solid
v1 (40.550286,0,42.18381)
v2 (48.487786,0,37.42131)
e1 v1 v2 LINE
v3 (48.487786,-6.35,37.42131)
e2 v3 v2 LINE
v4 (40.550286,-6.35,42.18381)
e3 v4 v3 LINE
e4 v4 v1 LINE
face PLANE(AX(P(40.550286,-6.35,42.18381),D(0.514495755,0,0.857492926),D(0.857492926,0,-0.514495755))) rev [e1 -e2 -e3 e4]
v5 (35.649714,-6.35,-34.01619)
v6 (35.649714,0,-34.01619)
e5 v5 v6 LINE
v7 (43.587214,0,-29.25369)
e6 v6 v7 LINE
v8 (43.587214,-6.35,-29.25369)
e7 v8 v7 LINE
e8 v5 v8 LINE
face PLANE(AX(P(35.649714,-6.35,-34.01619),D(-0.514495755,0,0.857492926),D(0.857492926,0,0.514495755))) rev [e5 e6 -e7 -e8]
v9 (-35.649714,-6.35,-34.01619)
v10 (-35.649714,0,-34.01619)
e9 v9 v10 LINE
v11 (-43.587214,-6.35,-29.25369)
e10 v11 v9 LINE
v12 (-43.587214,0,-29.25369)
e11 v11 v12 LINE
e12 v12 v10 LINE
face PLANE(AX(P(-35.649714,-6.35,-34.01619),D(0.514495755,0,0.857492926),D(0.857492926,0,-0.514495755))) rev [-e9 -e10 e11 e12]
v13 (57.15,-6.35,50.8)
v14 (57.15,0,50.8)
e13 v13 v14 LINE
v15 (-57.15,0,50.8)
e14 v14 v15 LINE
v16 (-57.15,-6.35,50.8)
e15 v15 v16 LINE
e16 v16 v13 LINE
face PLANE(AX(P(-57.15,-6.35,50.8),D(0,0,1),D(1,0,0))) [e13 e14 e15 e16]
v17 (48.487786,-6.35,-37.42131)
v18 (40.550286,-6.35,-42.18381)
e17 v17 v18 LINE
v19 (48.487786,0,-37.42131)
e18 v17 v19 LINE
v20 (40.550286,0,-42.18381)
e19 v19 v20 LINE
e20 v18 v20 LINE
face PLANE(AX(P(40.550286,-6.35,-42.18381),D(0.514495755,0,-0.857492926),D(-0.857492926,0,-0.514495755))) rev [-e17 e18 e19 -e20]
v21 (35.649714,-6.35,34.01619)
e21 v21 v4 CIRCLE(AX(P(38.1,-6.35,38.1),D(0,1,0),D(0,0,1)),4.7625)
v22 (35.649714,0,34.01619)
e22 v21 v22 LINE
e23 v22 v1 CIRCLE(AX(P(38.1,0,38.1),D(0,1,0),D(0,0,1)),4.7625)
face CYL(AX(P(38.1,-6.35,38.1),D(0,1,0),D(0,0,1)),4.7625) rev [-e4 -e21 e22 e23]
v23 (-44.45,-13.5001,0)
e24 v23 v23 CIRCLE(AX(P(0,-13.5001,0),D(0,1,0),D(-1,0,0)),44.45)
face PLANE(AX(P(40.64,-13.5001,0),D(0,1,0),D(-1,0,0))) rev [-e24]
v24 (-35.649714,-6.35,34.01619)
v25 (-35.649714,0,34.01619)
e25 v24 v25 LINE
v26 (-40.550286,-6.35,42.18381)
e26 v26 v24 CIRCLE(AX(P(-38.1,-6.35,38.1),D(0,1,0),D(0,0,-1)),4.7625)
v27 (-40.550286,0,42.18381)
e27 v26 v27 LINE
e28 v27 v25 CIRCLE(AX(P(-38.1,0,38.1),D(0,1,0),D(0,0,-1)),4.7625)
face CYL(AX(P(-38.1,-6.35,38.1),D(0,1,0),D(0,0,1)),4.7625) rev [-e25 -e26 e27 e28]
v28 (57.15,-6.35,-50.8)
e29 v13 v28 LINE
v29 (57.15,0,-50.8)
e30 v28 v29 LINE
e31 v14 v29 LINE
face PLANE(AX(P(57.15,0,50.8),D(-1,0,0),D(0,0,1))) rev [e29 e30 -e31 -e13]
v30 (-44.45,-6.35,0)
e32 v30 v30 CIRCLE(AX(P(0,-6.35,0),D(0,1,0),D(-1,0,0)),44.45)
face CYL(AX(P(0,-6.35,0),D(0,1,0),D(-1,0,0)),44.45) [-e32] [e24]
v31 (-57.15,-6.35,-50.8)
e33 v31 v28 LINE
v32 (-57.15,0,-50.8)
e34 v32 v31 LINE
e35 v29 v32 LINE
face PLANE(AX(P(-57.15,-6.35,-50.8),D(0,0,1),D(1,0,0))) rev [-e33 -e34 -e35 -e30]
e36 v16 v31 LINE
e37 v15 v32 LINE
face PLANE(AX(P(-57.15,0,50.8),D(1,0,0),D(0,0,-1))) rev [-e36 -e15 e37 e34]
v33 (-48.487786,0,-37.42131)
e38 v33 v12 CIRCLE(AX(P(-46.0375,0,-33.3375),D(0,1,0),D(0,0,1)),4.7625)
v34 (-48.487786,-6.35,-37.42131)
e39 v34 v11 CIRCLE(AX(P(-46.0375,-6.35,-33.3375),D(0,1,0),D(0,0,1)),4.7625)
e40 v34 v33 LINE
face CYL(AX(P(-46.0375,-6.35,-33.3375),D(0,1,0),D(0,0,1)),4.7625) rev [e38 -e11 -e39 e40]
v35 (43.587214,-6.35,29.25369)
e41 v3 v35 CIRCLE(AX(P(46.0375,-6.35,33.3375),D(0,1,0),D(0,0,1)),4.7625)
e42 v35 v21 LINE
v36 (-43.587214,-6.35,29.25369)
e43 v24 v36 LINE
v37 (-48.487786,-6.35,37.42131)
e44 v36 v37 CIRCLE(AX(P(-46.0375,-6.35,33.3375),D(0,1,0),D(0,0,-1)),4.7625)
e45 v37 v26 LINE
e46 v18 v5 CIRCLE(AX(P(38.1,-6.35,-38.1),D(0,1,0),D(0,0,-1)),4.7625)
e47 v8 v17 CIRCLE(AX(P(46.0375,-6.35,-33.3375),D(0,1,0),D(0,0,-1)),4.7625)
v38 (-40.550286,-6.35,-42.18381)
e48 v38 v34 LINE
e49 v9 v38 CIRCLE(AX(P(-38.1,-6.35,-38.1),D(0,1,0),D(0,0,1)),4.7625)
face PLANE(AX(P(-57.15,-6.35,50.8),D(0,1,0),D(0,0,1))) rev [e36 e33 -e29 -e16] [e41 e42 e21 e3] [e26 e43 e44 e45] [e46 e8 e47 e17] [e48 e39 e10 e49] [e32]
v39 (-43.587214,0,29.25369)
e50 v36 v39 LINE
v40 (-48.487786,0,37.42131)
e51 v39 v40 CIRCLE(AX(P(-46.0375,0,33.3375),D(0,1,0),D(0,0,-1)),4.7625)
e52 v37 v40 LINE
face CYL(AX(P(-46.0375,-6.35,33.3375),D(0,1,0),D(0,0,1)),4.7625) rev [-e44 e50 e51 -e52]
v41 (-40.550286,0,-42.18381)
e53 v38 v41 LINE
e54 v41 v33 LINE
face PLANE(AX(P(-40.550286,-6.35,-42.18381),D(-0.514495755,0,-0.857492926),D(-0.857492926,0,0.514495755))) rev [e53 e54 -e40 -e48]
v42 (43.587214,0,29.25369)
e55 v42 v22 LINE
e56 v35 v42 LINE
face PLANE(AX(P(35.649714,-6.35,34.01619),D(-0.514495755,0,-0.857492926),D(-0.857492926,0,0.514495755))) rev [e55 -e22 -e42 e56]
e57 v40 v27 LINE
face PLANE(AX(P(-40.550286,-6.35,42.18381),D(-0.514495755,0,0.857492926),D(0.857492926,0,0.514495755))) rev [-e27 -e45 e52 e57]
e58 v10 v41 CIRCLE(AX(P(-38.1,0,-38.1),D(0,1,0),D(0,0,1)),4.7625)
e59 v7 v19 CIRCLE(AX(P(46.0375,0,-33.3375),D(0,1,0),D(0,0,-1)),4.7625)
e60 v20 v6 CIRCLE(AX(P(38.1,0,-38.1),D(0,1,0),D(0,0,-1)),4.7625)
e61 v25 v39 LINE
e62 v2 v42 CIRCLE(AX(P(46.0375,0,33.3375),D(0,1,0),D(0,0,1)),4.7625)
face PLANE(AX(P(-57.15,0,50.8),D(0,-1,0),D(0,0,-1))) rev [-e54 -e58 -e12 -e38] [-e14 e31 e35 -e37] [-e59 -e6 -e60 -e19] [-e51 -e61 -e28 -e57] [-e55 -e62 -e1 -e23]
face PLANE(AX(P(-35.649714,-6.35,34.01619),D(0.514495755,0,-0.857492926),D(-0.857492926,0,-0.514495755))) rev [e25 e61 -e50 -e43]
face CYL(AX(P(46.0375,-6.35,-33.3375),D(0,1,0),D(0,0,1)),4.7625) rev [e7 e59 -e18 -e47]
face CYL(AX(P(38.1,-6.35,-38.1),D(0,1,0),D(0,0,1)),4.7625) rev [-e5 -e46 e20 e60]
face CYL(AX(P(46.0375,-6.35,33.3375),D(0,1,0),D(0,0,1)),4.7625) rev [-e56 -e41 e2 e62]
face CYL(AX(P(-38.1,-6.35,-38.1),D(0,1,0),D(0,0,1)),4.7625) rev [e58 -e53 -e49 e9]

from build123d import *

# Parameters (mm, degrees)
SKETCH1_W               = 114.3
SKETCH1_H               = 6.35
BOSS_EXTRUDE1_DEPTH     = 50.8
F_1_2_HOLES_DEPTH       = 77.727342
BOSS_EXTRUDE5_DEPTH     = 6.35
BOSS_EXTRUDE6_DEPTH     = 4.7625
SKETCH15_R              = 3.96875
BOSS_EXTRUDE7_DEPTH     = 2.54
SKETCH16_R              = 6.35
BOSS_EXTRUDE8_DEPTH     = 4.7625
SKETCH7_W               = 200.622007
SKETCH7_H               = 97.79
BOSS_EXTRUDE2_DEPTH     = 225.2599
CUT_EXTRUDE1_DEPTH      = 322.008202
CUT_EXTRUDE1_DEPTH_BACK = 322.008202
CUT_EXTRUDE3_DEPTH      = 230.782863
CUT_EXTRUDE3_DEPTH_BACK = 230.782863
SKETCH9_OUTSIDE_W       = 174.676
SKETCH9_OUTSIDE_H       = 325.489
BOSS_EXTRUDE3_DEPTH     = 7.9375
SKETCH11_OUTSIDE_W      = 1426.344
SKETCH11_OUTSIDE_H      = 1450.156
SKETCH11_OUTSIDE_R      = 11.1125
CUT_EXTRUDE4_DEPTH      = 324.56132
CUT_EXTRUDE4_DRAFT      = -60
SKETCH12_R              = 10.795
BOSS_EXTRUDE4_DEPTH     = 85.09
SKETCH17_R              = 1440.18
CUT_EXTRUDE5_DEPTH      = 1397


with BuildPart() as part:
    # Sketch1 → Boss-Extrude1 (new, symmetric)
    with BuildSketch(Plane.XY):
        with Locations((0, -3.175)):
            Rectangle(SKETCH1_W, SKETCH1_H)
    extrude(amount=BOSS_EXTRUDE1_DEPTH, both=True)

    # Sketch2 → 1-2 holes (cut, through all)
    with BuildSketch(Plane(origin=(0, 0, 0), x_dir=(1, 0, 0), z_dir=(0, 1, 0))):
        with BuildLine():
            Line((-35.649714, 34.01619), (-43.587214, 29.25369))
            ThreePointArc((-43.587214, 29.25369), (-50.12131, 30.887214), (-48.487786, 37.42131))
            Line((-48.487786, 37.42131), (-40.550286, 42.18381))
            ThreePointArc((-40.550286, 42.18381), (-34.01619, 40.550286), (-35.649714, 34.01619))
        make_face()
        with BuildLine():
            Line((-35.649714, -34.01619), (-43.587214, -29.25369))
            ThreePointArc((-43.587214, -29.25369), (-50.12131, -30.887214), (-48.487786, -37.42131))
            Line((-48.487786, -37.42131), (-40.550286, -42.18381))
            ThreePointArc((-40.550286, -42.18381), (-34.01619, -40.550286), (-35.649714, -34.01619))
        make_face()
        with BuildLine():
            Line((35.649714, 34.01619), (43.587214, 29.25369))
            ThreePointArc((43.587214, 29.25369), (50.12131, 30.887214), (48.487786, 37.42131))
            Line((48.487786, 37.42131), (40.550286, 42.18381))
            ThreePointArc((40.550286, 42.18381), (34.01619, 40.550286), (35.649714, 34.01619))
        make_face()
        with BuildLine():
            Line((35.649714, -34.01619), (43.587214, -29.25369))
            ThreePointArc((43.587214, -29.25369), (50.12131, -30.887214), (48.487786, -37.42131))
            Line((48.487786, -37.42131), (40.550286, -42.18381))
            ThreePointArc((40.550286, -42.18381), (34.01619, -40.550286), (35.649714, -34.01619))
        make_face()
    extrude(amount=-F_1_2_HOLES_DEPTH, mode=Mode.SUBTRACT)


with BuildPart() as body_2:
    # Sketch4 → Revolve1 (revolve)
    with BuildSketch(Plane.XY, mode=Mode.PRIVATE) as revolve1_sk:
        Polygon((0, -27.1526), (43.18, -27.1526), (43.18, -16.0401), (40.64, -16.0401), (40.64, -13.5001), (44.45, -13.5001), (44.45, -6.35), (0, -6.35), align=None)
    revolve(revolve1_sk.sketch.rotate(Axis((0, -6.35, 0), (0, -1, 0)), 180), axis=Axis((0, -6.35, 0), (0, -1, 0)))


with BuildPart() as body_3:
    # Sketch6 → Revolve2 (revolve)
    with BuildSketch(Plane(origin=(-69.85, 0, 0), x_dir=(0, 0, -1), z_dir=(1, 0, 0)), mode=Mode.PRIVATE) as revolve2_sk:
        with BuildLine():
            Line((-35.56, -89.8525), (-35.56, -62.143409))
            ThreePointArc((-35.56, -62.143409), (-31.772624, -52.999876), (-22.629091, -49.2125))
            Line((-22.629091, -49.2125), (-19.800455, -49.2125))
            Line((-19.800455, -49.2125), (-19.800455, -51.59375))
            Line((-19.800455, -51.59375), (-14.143182, -51.59375))
            Line((-14.143182, -51.59375), (-14.143182, -49.2125))
            Line((-14.143182, -49.2125), (-8.485909, -49.2125))
            Line((-8.485909, -49.2125), (-8.485909, -51.59375))
            Line((-8.485909, -51.59375), (-2.828636, -51.59375))
            Line((-2.828636, -51.59375), (-2.828636, -49.2125))
            Line((-2.828636, -49.2125), (2.828636, -49.2125))
            Line((2.828636, -49.2125), (2.828636, -51.59375))
            Line((2.828636, -51.59375), (8.485909, -51.59375))
            Line((8.485909, -51.59375), (8.485909, -49.2125))
            Line((8.485909, -49.2125), (14.143182, -49.2125))
            Line((14.143182, -49.2125), (14.143182, -51.59375))
            Line((14.143182, -51.59375), (19.800455, -51.59375))
            Line((19.800455, -51.59375), (19.800455, -49.2125))
            Line((19.800455, -49.2125), (22.629091, -49.2125))
            ThreePointArc((22.629091, -49.2125), (31.772624, -52.999876), (35.56, -62.143409))
            Line((35.56, -62.143409), (35.56, -89.8525))
            Line((35.56, -89.8525), (36.83, -89.8525))
            Line((36.83, -89.8525), (36.83, -92.3925))
            Line((36.83, -92.3925), (33.655, -92.3925))
            ThreePointArc((33.655, -92.3925), (29.164872, -94.252372), (27.305, -98.7425))
            ThreePointArc((27.305, -98.7425), (25.636711, -103.032498), (21.508439, -105.068336))
            Line((21.508439, -105.068336), (5.438281, -106.474293))
            ThreePointArc((5.438281, -106.474293), (3.374144, -107.492212), (2.54, -109.637211))
            Line((2.54, -109.637211), (2.54, -130.175))
            Line((2.54, -130.175), (36.83, -130.175))
            Line((36.83, -130.175), (40.005, -130.175))
            Line((40.005, -130.175), (40.005, -150.8125))
            Line((40.005, -150.8125), (-40.005, -150.8125))
            Line((-40.005, -150.8125), (-40.005, -130.175))
            Line((-40.005, -130.175), (-36.83, -130.175))
            Line((-36.83, -130.175), (-2.54, -130.175))
            Line((-2.54, -130.175), (-2.54, -109.637211))
            ThreePointArc((-2.54, -109.637211), (-3.374144, -107.492212), (-5.438281, -106.474293))
            Line((-5.438281, -106.474293), (-21.508439, -105.068336))
            ThreePointArc((-21.508439, -105.068336), (-25.636711, -103.032498), (-27.305, -98.7425))
            ThreePointArc((-27.305, -98.7425), (-29.164872, -94.252372), (-33.655, -92.3925))
            Line((-33.655, -92.3925), (-36.83, -92.3925))
            Line((-36.83, -92.3925), (-36.83, -89.8525))
            Line((-36.83, -89.8525), (-35.56, -89.8525))
        make_face()
    revolve(revolve2_sk.sketch.rotate(Axis((-69.85, -150.8125, 111.145304), (0, 0, -1)), 90), axis=Axis((-69.85, -150.8125, 111.145304), (0, 0, -1)))

    # Sketch13 → Boss-Extrude5 (add)
    with BuildSketch(Plane.XY.offset(2.54)):
        with BuildLine():
            ThreePointArc((-101.041813, -136.474589), (-98.965326, -121.697174), (-84.187911, -119.620687))
            ThreePointArc((-84.187911, -119.620687), (-69.85, -123.32907), (-55.512089, -119.620687))
            ThreePointArc((-55.512089, -119.620687), (-40.734674, -121.697174), (-38.658187, -136.474589))
            ThreePointArc((-38.658187, -136.474589), (-42.36657, -150.8125), (-38.658187, -165.150411))
            ThreePointArc((-38.658187, -165.150411), (-40.734674, -179.927826), (-55.512089, -182.004313))
            ThreePointArc((-55.512089, -182.004313), (-69.85, -178.29593), (-84.187911, -182.004313))
            ThreePointArc((-84.187911, -182.004313), (-98.965326, -179.927826), (-101.041813, -165.150411))
            ThreePointArc((-101.041813, -165.150411), (-97.33343, -150.8125), (-101.041813, -136.474589))
        make_face()
    extrude(amount=BOSS_EXTRUDE5_DEPTH)

    # Sketch14 → Boss-Extrude6 (add)
    with BuildSketch(Plane.XY.offset(8.89)):
        Polygon((-94.124523, -132.037239), (-89.362023, -129.287608), (-89.362023, -123.788347), (-94.124523, -121.038716), (-98.887023, -123.788347), (-98.887023, -129.287608), align=None)
        Polygon((-40.812977, -129.287608), (-45.575477, -132.037239), (-50.337977, -129.287608), (-50.337977, -123.788347), (-45.575477, -121.038716), (-40.812977, -123.788347), align=None)
        Polygon((-45.575477, -169.587761), (-50.337977, -172.337392), (-50.337977, -177.836653), (-45.575477, -180.586284), (-40.812977, -177.836653), (-40.812977, -172.337392), align=None)
        Polygon((-98.887023, -172.337392), (-94.124523, -169.587761), (-89.362023, -172.337392), (-89.362023, -177.836653), (-94.124523, -180.586284), (-98.887023, -177.836653), align=None)
    extrude(amount=BOSS_EXTRUDE6_DEPTH)

    # Sketch15 → Boss-Extrude7 (add)
    with BuildSketch(Plane.XY.offset(13.6525)):
        with Locations((-94.124523, -126.537977)):
            Circle(SKETCH15_R)
        with Locations(Location((-45.575477, -126.537977, 0), (0, 0, 180))):
            Circle(SKETCH15_R)
        with Locations(Location((-94.124523, -175.087023, 0), (0, 0, 180))):
            Circle(SKETCH15_R)
        with Locations((-45.575477, -175.087023)):
            Circle(SKETCH15_R)
    extrude(amount=BOSS_EXTRUDE7_DEPTH)

    # Sketch16 → Boss-Extrude8 (add)
    with BuildSketch(Plane(origin=(0, 0, -2.54), x_dir=(-1, 0, 0), z_dir=(0, 0, -1))):
        with Locations(Location((45.575477, -126.537977, 0), (0, 0, 180))):
            Circle(SKETCH16_R)
        with Locations(Location((94.124523, -126.537977, 0), (0, 0, 180))):
            Circle(SKETCH16_R)
        with Locations(Location((94.124523, -175.087023, 0), (0, 0, 180))):
            Circle(SKETCH16_R)
        with Locations(Location((45.575477, -175.087023, 0), (0, 0, 180))):
            Circle(SKETCH16_R)
    extrude(amount=BOSS_EXTRUDE8_DEPTH)



with BuildPart() as body_4:
    # Sketch7 → Boss-Extrude2 (new body)
    with BuildSketch(Plane.XZ.offset(27.1526)):
        with Locations((-71.138996, 0)):
            Rectangle(SKETCH7_W, SKETCH7_H)
    extrude(amount=BOSS_EXTRUDE2_DEPTH)

    # Sketch8 → Cut-Extrude1 (cut, two sides: drawn at the far end of the back side and taken through both)
    with BuildSketch(Plane.XY.offset(48.895).offset(-CUT_EXTRUDE1_DEPTH_BACK)):
        with BuildLine():
            Line((330.801873, 506.841945), (29.172007, -27.1526))
            Line((29.172007, -27.1526), (-47.734278, -163.304692))
            ThreePointArc((-47.734278, -163.304692), (-82.342192, -172.928222), (-91.965722, -138.320308))
            Line((-91.965722, -138.320308), (-29.172007, -27.1526))
            Line((-29.172007, -27.1526), (272.457858, 506.841945))
            Line((272.457858, 506.841945), (272.457858, -719.748043))
            Line((272.457858, -719.748043), (330.801873, -719.748043))
            Line((330.801873, -719.748043), (330.801873, 506.841945))
        make_face()
    extrude(amount=CUT_EXTRUDE1_DEPTH + CUT_EXTRUDE1_DEPTH_BACK, mode=Mode.SUBTRACT)

    # Sketch9 outside → Cut-Extrude3 (cut, two sides: drawn at the far end of the back side and taken through both)
    with BuildSketch(Plane(origin=(0, -144.306694, 0), x_dir=(0, 0, -1), z_dir=(-1, 0, 0)).offset(-CUT_EXTRUDE3_DEPTH_BACK)):
        with Locations((0, -18.1005)):
            Rectangle(SKETCH9_OUTSIDE_W, SKETCH9_OUTSIDE_H)
        Polygon((48.895, 108.105806), (48.895, -95.094194), (31.835615, -117.154094), (25.485615, -117.154094), (42.545, -95.094194), (42.545, 108.105806), align=None, mode=Mode.SUBTRACT)
        Polygon((-25.485615, -117.154094), (-31.835615, -117.154094), (-48.895, -95.094194), (-48.895, 108.105806), (-42.545, 108.105806), (-42.545, -95.094194), align=None, mode=Mode.SUBTRACT)
    extrude(amount=CUT_EXTRUDE3_DEPTH + CUT_EXTRUDE3_DEPTH_BACK, mode=Mode.SUBTRACT)


with BuildPart() as cut_extrude3_piece_1:
    # of the separate pieces the step leaves, piece 1, a body of its own (cut_extrude3_pieces)
    add(body_4.part.solids().sort_by_distance((16.711347, -49.2125, 48.895))[0])


with BuildPart() as cut_extrude3_piece_2:
    # of the separate pieces the step leaves, piece 2, a body of its own (cut_extrude3_pieces)
    add(body_4.part.solids().sort_by_distance((29.172007, -27.1526, -31.835615))[0])


with BuildPart() as body_6:
    # Sketch10 → Boss-Extrude3 (new body)
    with BuildSketch(Plane.XY.offset(48.895)):
        Polygon((-69.85, -137.98089), (-80.9625, -144.396695), (-80.9625, -157.228305), (-69.85, -163.64411), (-58.7375, -157.228305), (-58.7375, -144.396695), align=None)
    extrude(amount=BOSS_EXTRUDE3_DEPTH)


with BuildPart() as cut_extrude4_tool:
    # Sketch11 outside → Cut-Extrude4 (with draft: the straight prism first)
    with BuildSketch(Plane.XY.offset(56.8325)):
        with Locations((-57.15, -126.206)):
            Rectangle(SKETCH11_OUTSIDE_W, SKETCH11_OUTSIDE_H)
        with Locations((-69.85, -150.8125)):
            Circle(SKETCH11_OUTSIDE_R, mode=Mode.SUBTRACT)
    extrude(amount=-CUT_EXTRUDE4_DEPTH)
    # Cut-Extrude4: the draft: its side faces are tilted about the plane it starts from
    cut_extrude4_sides = [cut_extrude4_tool.faces().sort_by_distance(p)[0] for p in [
        (-57.15, -851.284, -105.44816),
        (656.022, -126.206, -105.44816),
        (-57.15, 598.872, -105.44816),
        (-770.322, -126.206, -105.44816),
        (-80.9625, -150.8125, -105.44816),
    ]]
    draft(cut_extrude4_sides, Plane.XY.offset(56.8325), CUT_EXTRUDE4_DRAFT)


with BuildPart() as body_6_1:
    add(body_6.part)

    # Cut-Extrude4: cut by cut_extrude4_tool
    add(cut_extrude4_tool.part, mode=Mode.SUBTRACT)


with BuildPart() as body_7:
    # Mirror1: mirrored copy
    add(body_6_1.part.mirror(Plane.XY))


with BuildPart() as body_3_1:
    add(body_3.part)

    add(cut_extrude3_piece_1.part)  # Boss-Extrude4 merges Cut-Extrude3 piece 1

    add(cut_extrude3_piece_2.part)  # Boss-Extrude4 merges Cut-Extrude3 piece 2
    # Sketch12 → Boss-Extrude4 (add)
    with BuildSketch(Plane.XY.offset(-42.545)):
        with Locations((-69.85, -150.8125)):
            Circle(SKETCH12_R)
    extrude(amount=BOSS_EXTRUDE4_DEPTH)

    # Combine1: union body 7, body 6, body 2, part
    add(body_7.part)
    add(body_6_1.part)
    add(body_2.part)
    add(part.part)

    # Sketch17 → Cut-Extrude5 (cut)
    with BuildSketch(Plane.XZ.offset(13.5001)):
        Circle(SKETCH17_R)
    extrude(amount=CUT_EXTRUDE5_DEPTH, mode=Mode.SUBTRACT)


solid = body_3_1.part
